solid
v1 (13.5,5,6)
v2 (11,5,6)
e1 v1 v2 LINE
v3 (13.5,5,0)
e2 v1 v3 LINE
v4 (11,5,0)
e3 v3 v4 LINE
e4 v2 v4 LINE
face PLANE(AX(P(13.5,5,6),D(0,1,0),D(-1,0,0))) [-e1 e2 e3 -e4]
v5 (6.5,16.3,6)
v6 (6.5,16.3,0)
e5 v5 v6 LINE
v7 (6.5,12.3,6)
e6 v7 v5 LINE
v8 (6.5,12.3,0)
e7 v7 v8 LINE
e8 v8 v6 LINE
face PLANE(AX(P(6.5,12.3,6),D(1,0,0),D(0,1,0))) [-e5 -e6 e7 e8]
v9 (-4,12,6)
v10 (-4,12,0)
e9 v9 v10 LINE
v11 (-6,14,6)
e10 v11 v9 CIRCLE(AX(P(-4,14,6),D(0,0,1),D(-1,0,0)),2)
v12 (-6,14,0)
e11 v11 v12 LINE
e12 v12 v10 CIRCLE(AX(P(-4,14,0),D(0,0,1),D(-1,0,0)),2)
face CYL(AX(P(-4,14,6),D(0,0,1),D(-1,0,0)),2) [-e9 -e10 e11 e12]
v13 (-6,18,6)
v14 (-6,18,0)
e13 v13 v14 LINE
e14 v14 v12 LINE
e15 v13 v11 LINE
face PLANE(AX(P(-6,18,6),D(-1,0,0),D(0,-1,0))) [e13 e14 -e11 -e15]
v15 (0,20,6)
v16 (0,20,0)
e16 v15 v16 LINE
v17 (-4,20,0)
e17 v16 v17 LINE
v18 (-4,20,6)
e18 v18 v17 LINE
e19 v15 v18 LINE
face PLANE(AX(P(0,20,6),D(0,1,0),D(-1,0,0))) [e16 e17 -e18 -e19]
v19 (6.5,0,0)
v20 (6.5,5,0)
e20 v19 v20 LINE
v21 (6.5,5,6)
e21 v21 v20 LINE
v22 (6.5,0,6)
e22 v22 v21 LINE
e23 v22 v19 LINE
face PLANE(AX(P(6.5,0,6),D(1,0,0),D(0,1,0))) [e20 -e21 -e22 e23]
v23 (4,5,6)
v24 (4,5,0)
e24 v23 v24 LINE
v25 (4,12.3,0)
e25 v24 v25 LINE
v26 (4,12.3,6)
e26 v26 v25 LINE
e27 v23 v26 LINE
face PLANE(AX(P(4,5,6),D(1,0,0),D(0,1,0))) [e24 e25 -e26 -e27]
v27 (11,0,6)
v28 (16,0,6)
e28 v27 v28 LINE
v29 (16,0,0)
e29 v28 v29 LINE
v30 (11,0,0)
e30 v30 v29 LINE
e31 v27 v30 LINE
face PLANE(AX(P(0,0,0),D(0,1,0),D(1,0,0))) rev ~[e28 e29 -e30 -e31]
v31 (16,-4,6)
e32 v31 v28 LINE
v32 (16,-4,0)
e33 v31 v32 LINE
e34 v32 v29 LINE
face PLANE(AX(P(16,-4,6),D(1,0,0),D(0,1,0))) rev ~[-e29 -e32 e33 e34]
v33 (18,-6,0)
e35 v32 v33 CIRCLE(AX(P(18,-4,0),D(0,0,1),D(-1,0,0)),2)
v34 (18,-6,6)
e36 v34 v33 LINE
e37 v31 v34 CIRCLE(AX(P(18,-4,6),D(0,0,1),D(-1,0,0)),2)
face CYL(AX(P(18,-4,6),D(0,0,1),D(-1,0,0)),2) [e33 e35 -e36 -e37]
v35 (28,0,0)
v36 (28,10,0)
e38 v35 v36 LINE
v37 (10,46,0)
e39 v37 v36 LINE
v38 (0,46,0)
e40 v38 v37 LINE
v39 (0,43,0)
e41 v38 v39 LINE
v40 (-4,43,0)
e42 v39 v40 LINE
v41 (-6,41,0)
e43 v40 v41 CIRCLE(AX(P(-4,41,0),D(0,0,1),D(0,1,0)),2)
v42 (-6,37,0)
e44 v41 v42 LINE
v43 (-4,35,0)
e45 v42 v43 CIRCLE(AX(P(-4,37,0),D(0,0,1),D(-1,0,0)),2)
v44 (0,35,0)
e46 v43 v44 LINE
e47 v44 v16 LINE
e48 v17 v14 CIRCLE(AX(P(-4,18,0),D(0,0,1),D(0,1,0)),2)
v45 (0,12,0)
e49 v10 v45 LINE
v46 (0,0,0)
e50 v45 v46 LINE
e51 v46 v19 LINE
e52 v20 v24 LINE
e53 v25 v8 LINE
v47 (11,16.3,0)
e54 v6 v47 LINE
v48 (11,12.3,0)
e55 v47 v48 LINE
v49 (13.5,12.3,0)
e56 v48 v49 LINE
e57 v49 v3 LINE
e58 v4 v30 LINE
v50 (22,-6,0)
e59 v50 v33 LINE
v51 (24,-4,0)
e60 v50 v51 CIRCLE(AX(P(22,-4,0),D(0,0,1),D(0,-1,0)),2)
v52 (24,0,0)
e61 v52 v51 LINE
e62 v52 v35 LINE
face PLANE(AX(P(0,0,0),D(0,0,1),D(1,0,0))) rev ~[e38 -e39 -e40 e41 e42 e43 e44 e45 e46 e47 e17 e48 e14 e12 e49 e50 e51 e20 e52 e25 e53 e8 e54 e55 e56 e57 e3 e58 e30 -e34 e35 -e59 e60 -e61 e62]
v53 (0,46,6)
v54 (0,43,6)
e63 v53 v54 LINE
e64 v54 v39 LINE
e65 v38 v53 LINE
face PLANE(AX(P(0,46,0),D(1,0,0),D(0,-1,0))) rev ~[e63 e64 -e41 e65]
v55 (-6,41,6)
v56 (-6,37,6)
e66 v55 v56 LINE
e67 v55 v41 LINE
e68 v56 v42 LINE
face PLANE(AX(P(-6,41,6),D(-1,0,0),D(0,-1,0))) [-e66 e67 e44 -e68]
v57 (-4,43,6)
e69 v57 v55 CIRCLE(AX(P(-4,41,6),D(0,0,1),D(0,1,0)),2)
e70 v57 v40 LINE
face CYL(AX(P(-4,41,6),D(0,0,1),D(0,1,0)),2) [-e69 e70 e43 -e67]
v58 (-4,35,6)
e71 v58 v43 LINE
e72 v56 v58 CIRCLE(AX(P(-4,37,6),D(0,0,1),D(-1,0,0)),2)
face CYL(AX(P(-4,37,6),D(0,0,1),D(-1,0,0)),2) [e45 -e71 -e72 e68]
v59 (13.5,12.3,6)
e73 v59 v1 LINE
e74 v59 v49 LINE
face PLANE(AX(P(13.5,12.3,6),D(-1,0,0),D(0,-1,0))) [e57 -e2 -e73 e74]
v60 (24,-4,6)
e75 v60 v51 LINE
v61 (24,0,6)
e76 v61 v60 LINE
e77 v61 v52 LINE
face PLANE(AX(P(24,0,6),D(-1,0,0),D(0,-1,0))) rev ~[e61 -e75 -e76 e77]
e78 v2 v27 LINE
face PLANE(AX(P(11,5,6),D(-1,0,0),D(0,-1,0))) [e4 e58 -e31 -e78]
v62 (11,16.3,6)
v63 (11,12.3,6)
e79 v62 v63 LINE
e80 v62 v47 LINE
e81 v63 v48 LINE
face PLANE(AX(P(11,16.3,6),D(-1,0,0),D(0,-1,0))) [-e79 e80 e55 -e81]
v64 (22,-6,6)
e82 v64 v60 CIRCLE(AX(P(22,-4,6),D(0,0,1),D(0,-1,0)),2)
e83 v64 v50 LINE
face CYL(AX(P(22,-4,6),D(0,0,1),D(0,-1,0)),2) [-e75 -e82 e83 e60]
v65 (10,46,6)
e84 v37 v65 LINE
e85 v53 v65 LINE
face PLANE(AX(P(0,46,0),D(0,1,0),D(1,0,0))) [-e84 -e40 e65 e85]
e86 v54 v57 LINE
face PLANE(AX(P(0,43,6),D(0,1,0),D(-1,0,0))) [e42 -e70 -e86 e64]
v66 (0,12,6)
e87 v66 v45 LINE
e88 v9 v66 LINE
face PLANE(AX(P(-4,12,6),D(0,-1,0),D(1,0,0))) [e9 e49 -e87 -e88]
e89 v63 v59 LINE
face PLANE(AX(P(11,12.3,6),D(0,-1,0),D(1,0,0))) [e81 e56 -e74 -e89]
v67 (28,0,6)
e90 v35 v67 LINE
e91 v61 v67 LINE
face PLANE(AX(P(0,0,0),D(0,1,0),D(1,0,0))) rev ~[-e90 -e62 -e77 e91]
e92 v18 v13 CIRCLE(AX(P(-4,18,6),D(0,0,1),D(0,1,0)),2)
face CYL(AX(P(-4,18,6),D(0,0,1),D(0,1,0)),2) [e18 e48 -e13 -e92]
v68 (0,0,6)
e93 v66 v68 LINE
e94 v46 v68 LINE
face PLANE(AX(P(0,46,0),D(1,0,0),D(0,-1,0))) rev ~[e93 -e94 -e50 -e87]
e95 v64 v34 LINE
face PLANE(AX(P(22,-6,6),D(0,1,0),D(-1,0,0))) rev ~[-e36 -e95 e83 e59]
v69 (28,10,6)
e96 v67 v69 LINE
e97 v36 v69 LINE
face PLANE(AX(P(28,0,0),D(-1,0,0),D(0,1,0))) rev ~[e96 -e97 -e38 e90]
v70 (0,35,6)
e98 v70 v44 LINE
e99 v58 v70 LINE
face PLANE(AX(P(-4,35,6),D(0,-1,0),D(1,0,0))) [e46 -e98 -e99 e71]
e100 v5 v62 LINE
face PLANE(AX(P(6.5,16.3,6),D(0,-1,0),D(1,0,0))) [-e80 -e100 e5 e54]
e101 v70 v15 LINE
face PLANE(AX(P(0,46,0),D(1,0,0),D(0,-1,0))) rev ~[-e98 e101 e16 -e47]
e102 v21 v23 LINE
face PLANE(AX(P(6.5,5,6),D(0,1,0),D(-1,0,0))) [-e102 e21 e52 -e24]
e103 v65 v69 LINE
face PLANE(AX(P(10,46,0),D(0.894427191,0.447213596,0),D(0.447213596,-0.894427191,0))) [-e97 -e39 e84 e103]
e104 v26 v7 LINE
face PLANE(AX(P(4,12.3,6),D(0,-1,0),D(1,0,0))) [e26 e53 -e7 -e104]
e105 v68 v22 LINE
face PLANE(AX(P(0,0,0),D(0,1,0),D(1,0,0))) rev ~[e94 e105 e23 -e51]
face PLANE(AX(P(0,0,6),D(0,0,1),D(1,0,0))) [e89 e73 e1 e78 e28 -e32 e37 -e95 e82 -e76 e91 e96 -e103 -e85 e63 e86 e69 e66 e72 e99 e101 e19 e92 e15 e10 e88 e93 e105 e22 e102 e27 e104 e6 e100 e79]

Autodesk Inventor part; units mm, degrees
ref_plane "YZ Plane" through (0, 0, 0) normal (1, 0, 0) x (0, 1, 0)
ref_plane "XZ Plane" through (0, 0, 0) normal (0, 1, 0) x (-1, 0, 0)
ref_plane "XY Plane" through (0, 0, 0) normal (0, 0, 1) x (1, 0, 0)
sketch "Sketch1" plane through (0, 0, 0) normal (0, 0, 1) x (1, 0, 0)
  line L0 (0, 46) -> (0, 0)
  line L1 (0, 0) -> (28, 0)
  line L2 (28, 0) -> (28, 10)
  line L3 (0, 46) -> (10, 46)
  line L4 (10, 46) -> (28, 10)
  dimension "d0" = 10
  dimension "d1" = 10
  dimension "d2" = 46
  dimension "d3" = 28
extrude "Extrusion1" add sketch "Sketch1" along normal blind 6
sketch "Sketch2" plane through (0, 0, 6) normal (0, 0, 1) x (1, 0, 0)
  line L0 (0, 46) -> (0, 0) projected
  line L1 (0, 0) -> (28, 0) projected
  line L2 (0, 43) -> (-4, 43)
  line L3 (-6, 41) -> (-6, 37)
  line L4 (-4, 35) -> (0, 35)
  line L5 (0, 35) -> (0, 43)
  line L6 (0, 20) -> (-4, 20)
  line L7 (-6, 18) -> (-6, 14)
  line L8 (-4, 12) -> (0, 12)
  line L9 (0, 12) -> (0, 20)
  line L10 (16, 0) -> (24, 0)
  line L11 (24, 0) -> (24, -4)
  line L12 (22, -6) -> (18, -6)
  line L13 (16, -4) -> (16, 0)
  arc A0 (-4, 43) -> (-6, 41) centre (-4, 41) ccw
  arc A1 (-6, 37) -> (-4, 35) centre (-4, 37) ccw
  arc A2 (-4, 20) -> (-6, 18) centre (-4, 18) ccw
  arc A3 (-6, 14) -> (-4, 12) centre (-4, 14) ccw
  arc A4 (16, -4) -> (18, -6) centre (18, -4) ccw
  arc A5 (22, -6) -> (24, -4) centre (22, -4) ccw
  line L14 (28, 0) -> (28, 10) projected
  point P0 (-6, 35)
  point P1 (-6, 43)
  point P2 (-6, 12)
  point P3 (-6, 20)
  point P4 (24, -6)
  point P5 (16, -6)
  dimension "d6" = 8
  dimension "d7" = 8
  dimension "d9" = 8
  dimension "d10" = 12
  dimension "d11" = 15
  dimension "d15" = 2
  dimension "d16" = 6
  dimension "d38" = 4
  dimension "d39" = 6
sketch "Sketch3" plane through (0, 0, 6) normal (0, 0, 1) x (1, 0, 0)
  line L0 (0, 0) -> (28, 0) projected
  line L1 (6.5, 0) -> (6.5, 5)
  line L2 (6.5, 5) -> (4, 5)
  line L3 (4, 5) -> (4, 12.3)
  line L4 (4, 12.3) -> (6.5, 12.3)
  line L5 (6.5, 12.3) -> (6.5, 16.3)
  line L6 (6.5, 16.3) -> (11, 16.3)
  line L7 (11, 16.3) -> (11, 12.3)
  line L8 (11, 12.3) -> (13.5, 12.3)
  line L9 (13.5, 12.3) -> (13.5, 5)
  line L10 (13.5, 5) -> (11, 5)
  line L11 (11, 5) -> (11, 0)
  line L12 (0, 46) -> (0, 0) projected
  point P0 (11, 0)
  point P1 (26, 0)
  point P2 (8.75, 16.3)
  dimension "d27" = 4.5
  dimension "d28" = 5
  dimension "d29" = 7.3
  dimension "d30" = 4
  dimension "d32" = 2.5
  dimension "d33" = 2.5
  dimension "d41" = 4
extrude "Extrusion4" cut sketch "Sketch3" against normal through all
extrude "Extrusion5" add sketch "Sketch2" against normal blind 6
properties part number "x_carryage_brace"
